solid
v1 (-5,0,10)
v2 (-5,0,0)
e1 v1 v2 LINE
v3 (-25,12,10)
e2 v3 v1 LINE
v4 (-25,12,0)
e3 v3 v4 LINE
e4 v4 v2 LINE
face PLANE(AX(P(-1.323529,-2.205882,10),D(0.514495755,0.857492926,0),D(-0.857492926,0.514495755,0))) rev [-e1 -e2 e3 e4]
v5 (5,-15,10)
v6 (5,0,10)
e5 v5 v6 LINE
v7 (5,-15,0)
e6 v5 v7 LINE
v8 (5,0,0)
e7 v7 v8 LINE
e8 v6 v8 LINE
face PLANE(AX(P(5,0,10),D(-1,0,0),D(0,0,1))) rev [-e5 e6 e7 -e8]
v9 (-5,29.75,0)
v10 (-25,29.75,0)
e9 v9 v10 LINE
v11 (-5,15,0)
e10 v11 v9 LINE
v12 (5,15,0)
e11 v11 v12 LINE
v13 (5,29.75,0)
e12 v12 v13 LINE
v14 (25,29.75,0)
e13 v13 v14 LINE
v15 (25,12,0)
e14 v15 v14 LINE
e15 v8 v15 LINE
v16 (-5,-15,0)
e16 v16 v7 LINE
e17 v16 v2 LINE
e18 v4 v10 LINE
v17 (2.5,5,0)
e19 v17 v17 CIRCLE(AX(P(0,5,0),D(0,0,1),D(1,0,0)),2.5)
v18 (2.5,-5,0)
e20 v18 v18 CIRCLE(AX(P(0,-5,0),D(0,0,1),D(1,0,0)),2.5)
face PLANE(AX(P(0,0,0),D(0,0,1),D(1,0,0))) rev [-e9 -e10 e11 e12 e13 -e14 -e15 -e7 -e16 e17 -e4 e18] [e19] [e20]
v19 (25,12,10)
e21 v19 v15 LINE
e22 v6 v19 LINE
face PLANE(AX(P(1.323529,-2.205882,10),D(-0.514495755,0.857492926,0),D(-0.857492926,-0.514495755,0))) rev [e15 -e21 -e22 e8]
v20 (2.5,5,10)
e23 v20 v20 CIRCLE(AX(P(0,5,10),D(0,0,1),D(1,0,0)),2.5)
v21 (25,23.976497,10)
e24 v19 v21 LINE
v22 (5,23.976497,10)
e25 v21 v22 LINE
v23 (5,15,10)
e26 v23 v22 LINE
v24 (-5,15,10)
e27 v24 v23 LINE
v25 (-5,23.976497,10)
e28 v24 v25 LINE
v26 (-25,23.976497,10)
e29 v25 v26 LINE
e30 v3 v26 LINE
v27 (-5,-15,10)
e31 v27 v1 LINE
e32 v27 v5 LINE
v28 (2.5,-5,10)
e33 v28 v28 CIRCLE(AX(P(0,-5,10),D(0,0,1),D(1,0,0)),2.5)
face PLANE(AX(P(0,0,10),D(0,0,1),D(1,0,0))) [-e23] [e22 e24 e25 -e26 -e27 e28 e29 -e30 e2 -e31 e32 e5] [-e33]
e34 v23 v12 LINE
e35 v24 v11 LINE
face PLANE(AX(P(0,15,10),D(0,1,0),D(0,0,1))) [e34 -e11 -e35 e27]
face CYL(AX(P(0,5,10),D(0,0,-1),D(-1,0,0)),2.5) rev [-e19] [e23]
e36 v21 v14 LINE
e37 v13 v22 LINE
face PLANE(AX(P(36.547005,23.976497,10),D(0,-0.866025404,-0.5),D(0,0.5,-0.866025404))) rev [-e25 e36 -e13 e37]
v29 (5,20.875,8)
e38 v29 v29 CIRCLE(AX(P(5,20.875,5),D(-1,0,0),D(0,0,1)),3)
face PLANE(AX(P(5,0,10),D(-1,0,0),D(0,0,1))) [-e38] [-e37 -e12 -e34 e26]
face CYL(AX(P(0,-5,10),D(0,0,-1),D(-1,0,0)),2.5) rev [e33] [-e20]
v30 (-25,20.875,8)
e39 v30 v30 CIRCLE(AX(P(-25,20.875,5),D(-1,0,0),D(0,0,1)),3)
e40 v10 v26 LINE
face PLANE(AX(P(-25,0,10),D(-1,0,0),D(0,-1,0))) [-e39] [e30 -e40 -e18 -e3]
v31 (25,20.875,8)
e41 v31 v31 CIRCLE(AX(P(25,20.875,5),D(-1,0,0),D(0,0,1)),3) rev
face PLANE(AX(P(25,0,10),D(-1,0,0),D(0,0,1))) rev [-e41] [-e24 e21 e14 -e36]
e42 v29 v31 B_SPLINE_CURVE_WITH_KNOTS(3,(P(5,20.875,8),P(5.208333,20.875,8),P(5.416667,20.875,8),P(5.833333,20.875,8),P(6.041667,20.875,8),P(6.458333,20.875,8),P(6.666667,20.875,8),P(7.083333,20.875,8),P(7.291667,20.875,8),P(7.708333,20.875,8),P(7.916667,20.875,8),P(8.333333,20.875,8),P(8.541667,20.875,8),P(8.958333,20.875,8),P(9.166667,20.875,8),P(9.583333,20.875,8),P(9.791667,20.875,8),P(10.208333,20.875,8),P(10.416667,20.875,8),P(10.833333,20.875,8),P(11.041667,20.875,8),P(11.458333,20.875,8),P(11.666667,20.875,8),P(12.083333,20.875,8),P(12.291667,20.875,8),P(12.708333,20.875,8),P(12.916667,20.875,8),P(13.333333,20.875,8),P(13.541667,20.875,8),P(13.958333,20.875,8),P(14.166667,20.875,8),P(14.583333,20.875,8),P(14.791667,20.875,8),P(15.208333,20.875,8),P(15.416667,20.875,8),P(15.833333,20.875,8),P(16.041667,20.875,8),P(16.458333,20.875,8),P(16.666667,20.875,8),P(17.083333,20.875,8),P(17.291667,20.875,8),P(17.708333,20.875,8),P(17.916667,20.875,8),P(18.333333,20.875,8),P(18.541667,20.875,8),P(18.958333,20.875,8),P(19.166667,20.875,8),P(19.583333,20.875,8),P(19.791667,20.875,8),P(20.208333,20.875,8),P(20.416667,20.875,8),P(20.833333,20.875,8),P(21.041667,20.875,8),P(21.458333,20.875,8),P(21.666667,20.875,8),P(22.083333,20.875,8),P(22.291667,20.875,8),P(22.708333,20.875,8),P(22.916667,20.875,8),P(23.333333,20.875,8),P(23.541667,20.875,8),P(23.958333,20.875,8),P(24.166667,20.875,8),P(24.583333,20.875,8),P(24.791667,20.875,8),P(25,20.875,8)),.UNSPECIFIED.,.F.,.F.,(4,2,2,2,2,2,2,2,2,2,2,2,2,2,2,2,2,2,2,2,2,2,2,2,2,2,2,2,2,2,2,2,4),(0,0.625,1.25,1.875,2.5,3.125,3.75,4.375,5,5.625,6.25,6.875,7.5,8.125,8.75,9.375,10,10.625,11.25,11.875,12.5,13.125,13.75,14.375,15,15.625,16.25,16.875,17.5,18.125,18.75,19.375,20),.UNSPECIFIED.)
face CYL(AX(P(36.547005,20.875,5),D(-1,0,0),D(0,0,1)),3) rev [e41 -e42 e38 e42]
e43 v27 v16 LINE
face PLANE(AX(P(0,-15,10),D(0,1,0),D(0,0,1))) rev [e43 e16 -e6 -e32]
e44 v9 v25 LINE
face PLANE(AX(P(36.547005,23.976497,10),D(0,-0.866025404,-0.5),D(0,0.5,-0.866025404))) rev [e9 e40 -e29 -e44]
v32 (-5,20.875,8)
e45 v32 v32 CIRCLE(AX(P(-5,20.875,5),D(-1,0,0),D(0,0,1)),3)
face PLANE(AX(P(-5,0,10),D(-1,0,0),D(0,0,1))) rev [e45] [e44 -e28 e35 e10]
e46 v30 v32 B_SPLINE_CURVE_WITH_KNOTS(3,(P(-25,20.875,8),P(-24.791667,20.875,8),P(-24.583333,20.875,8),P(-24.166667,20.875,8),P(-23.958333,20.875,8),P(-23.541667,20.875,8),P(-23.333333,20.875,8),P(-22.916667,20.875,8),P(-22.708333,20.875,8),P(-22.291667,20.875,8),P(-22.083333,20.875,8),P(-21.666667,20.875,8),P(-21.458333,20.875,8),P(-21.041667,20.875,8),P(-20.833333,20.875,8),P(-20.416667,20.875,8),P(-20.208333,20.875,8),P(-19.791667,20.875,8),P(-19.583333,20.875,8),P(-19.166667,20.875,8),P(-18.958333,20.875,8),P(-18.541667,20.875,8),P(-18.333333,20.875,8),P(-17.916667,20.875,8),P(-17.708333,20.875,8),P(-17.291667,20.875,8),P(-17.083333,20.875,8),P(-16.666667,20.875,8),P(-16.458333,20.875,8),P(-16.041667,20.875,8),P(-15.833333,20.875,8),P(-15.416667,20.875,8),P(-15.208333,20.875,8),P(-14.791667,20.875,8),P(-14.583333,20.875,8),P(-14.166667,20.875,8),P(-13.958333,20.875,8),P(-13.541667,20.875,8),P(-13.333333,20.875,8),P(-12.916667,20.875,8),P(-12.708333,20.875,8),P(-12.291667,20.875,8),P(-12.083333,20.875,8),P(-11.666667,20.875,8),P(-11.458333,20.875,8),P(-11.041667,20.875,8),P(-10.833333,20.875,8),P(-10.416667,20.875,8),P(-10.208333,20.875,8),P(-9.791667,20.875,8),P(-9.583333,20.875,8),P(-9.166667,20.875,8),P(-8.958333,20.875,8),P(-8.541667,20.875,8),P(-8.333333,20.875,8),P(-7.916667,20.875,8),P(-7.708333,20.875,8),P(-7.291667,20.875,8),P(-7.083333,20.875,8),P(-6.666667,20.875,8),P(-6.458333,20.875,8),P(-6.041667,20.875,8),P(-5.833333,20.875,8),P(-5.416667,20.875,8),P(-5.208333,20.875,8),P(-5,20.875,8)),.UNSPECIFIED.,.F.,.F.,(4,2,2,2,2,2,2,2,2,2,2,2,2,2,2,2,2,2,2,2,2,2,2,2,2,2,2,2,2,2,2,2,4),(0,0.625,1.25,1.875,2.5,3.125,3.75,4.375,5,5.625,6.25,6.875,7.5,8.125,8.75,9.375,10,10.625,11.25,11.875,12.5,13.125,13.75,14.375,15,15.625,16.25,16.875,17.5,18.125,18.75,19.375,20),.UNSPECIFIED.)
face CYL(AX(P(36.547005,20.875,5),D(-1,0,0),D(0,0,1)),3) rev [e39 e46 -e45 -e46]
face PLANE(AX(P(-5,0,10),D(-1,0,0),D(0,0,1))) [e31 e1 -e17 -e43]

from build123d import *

# Parameters (mm, degrees)
ESQUISSE1_R             = 2.5
BOSS_EXTRU_1_DEPTH      = 10
ENL_V_MAT_EXTRU_1_REACH = 61.034
ESQUISSE2_R             = 3


with BuildPart() as part:
    # Esquisse1 → Boss.-Extru.1 (new body)
    with BuildSketch(Plane.XY):
        Polygon((-25, 12), (-5, 0), (-5, -15), (5, -15), (5, 0), (25, 12), (25, 29.75), (5, 29.75), (5, 15), (-5, 15), (-5, 29.75), (-25, 29.75), align=None)
        with Locations((0, -5)):
            Circle(ESQUISSE1_R, mode=Mode.SUBTRACT)
        with Locations((0, 5)):
            Circle(ESQUISSE1_R, mode=Mode.SUBTRACT)
    extrude(amount=BOSS_EXTRU_1_DEPTH)

    # Enlèv. mat.-Extru.1: up to this face of the body (flat: up to its plane)
    enl_v_mat_extru_1_end = Plane(part.part.faces().sort_by_distance((25, 20.875, 5))[0])
    # Esquisse2 → Enlèv. mat.-Extru.1 (cut, up to the picked face)
    with BuildSketch(Plane.ZY.offset(25), mode=Mode.PRIVATE) as enl_v_mat_extru_1_sk1:
        with Locations((5, 20.875)):
            Circle(ESQUISSE2_R)
    enl_v_mat_extru_1_tool1 = split(extrude(enl_v_mat_extru_1_sk1.sketch, amount=-ENL_V_MAT_EXTRU_1_REACH, mode=Mode.PRIVATE), bisect_by=enl_v_mat_extru_1_end, keep=Keep.BOTH, mode=Mode.PRIVATE)
    # Esquisse2 → Enlèv. mat.-Extru.1 (cut, up to the picked face)
    with BuildSketch(Plane.ZY.offset(25), mode=Mode.PRIVATE) as enl_v_mat_extru_1_sk2:
        Polygon((0, 29.75), (10, 29.75), (10, 23.976497308), align=None)
    enl_v_mat_extru_1_tool2 = split(extrude(enl_v_mat_extru_1_sk2.sketch, amount=-ENL_V_MAT_EXTRU_1_REACH, mode=Mode.PRIVATE), bisect_by=enl_v_mat_extru_1_end, keep=Keep.BOTH, mode=Mode.PRIVATE)
    add(enl_v_mat_extru_1_tool1.solids().sort_by(Axis((-25, 20.875, 5), (1, 0, 0)))[0], mode=Mode.SUBTRACT)
    add(enl_v_mat_extru_1_tool2.solids().sort_by(Axis((-25, 27.825499, 6.666667), (1, 0, 0)))[0], mode=Mode.SUBTRACT)


solid = part.part
